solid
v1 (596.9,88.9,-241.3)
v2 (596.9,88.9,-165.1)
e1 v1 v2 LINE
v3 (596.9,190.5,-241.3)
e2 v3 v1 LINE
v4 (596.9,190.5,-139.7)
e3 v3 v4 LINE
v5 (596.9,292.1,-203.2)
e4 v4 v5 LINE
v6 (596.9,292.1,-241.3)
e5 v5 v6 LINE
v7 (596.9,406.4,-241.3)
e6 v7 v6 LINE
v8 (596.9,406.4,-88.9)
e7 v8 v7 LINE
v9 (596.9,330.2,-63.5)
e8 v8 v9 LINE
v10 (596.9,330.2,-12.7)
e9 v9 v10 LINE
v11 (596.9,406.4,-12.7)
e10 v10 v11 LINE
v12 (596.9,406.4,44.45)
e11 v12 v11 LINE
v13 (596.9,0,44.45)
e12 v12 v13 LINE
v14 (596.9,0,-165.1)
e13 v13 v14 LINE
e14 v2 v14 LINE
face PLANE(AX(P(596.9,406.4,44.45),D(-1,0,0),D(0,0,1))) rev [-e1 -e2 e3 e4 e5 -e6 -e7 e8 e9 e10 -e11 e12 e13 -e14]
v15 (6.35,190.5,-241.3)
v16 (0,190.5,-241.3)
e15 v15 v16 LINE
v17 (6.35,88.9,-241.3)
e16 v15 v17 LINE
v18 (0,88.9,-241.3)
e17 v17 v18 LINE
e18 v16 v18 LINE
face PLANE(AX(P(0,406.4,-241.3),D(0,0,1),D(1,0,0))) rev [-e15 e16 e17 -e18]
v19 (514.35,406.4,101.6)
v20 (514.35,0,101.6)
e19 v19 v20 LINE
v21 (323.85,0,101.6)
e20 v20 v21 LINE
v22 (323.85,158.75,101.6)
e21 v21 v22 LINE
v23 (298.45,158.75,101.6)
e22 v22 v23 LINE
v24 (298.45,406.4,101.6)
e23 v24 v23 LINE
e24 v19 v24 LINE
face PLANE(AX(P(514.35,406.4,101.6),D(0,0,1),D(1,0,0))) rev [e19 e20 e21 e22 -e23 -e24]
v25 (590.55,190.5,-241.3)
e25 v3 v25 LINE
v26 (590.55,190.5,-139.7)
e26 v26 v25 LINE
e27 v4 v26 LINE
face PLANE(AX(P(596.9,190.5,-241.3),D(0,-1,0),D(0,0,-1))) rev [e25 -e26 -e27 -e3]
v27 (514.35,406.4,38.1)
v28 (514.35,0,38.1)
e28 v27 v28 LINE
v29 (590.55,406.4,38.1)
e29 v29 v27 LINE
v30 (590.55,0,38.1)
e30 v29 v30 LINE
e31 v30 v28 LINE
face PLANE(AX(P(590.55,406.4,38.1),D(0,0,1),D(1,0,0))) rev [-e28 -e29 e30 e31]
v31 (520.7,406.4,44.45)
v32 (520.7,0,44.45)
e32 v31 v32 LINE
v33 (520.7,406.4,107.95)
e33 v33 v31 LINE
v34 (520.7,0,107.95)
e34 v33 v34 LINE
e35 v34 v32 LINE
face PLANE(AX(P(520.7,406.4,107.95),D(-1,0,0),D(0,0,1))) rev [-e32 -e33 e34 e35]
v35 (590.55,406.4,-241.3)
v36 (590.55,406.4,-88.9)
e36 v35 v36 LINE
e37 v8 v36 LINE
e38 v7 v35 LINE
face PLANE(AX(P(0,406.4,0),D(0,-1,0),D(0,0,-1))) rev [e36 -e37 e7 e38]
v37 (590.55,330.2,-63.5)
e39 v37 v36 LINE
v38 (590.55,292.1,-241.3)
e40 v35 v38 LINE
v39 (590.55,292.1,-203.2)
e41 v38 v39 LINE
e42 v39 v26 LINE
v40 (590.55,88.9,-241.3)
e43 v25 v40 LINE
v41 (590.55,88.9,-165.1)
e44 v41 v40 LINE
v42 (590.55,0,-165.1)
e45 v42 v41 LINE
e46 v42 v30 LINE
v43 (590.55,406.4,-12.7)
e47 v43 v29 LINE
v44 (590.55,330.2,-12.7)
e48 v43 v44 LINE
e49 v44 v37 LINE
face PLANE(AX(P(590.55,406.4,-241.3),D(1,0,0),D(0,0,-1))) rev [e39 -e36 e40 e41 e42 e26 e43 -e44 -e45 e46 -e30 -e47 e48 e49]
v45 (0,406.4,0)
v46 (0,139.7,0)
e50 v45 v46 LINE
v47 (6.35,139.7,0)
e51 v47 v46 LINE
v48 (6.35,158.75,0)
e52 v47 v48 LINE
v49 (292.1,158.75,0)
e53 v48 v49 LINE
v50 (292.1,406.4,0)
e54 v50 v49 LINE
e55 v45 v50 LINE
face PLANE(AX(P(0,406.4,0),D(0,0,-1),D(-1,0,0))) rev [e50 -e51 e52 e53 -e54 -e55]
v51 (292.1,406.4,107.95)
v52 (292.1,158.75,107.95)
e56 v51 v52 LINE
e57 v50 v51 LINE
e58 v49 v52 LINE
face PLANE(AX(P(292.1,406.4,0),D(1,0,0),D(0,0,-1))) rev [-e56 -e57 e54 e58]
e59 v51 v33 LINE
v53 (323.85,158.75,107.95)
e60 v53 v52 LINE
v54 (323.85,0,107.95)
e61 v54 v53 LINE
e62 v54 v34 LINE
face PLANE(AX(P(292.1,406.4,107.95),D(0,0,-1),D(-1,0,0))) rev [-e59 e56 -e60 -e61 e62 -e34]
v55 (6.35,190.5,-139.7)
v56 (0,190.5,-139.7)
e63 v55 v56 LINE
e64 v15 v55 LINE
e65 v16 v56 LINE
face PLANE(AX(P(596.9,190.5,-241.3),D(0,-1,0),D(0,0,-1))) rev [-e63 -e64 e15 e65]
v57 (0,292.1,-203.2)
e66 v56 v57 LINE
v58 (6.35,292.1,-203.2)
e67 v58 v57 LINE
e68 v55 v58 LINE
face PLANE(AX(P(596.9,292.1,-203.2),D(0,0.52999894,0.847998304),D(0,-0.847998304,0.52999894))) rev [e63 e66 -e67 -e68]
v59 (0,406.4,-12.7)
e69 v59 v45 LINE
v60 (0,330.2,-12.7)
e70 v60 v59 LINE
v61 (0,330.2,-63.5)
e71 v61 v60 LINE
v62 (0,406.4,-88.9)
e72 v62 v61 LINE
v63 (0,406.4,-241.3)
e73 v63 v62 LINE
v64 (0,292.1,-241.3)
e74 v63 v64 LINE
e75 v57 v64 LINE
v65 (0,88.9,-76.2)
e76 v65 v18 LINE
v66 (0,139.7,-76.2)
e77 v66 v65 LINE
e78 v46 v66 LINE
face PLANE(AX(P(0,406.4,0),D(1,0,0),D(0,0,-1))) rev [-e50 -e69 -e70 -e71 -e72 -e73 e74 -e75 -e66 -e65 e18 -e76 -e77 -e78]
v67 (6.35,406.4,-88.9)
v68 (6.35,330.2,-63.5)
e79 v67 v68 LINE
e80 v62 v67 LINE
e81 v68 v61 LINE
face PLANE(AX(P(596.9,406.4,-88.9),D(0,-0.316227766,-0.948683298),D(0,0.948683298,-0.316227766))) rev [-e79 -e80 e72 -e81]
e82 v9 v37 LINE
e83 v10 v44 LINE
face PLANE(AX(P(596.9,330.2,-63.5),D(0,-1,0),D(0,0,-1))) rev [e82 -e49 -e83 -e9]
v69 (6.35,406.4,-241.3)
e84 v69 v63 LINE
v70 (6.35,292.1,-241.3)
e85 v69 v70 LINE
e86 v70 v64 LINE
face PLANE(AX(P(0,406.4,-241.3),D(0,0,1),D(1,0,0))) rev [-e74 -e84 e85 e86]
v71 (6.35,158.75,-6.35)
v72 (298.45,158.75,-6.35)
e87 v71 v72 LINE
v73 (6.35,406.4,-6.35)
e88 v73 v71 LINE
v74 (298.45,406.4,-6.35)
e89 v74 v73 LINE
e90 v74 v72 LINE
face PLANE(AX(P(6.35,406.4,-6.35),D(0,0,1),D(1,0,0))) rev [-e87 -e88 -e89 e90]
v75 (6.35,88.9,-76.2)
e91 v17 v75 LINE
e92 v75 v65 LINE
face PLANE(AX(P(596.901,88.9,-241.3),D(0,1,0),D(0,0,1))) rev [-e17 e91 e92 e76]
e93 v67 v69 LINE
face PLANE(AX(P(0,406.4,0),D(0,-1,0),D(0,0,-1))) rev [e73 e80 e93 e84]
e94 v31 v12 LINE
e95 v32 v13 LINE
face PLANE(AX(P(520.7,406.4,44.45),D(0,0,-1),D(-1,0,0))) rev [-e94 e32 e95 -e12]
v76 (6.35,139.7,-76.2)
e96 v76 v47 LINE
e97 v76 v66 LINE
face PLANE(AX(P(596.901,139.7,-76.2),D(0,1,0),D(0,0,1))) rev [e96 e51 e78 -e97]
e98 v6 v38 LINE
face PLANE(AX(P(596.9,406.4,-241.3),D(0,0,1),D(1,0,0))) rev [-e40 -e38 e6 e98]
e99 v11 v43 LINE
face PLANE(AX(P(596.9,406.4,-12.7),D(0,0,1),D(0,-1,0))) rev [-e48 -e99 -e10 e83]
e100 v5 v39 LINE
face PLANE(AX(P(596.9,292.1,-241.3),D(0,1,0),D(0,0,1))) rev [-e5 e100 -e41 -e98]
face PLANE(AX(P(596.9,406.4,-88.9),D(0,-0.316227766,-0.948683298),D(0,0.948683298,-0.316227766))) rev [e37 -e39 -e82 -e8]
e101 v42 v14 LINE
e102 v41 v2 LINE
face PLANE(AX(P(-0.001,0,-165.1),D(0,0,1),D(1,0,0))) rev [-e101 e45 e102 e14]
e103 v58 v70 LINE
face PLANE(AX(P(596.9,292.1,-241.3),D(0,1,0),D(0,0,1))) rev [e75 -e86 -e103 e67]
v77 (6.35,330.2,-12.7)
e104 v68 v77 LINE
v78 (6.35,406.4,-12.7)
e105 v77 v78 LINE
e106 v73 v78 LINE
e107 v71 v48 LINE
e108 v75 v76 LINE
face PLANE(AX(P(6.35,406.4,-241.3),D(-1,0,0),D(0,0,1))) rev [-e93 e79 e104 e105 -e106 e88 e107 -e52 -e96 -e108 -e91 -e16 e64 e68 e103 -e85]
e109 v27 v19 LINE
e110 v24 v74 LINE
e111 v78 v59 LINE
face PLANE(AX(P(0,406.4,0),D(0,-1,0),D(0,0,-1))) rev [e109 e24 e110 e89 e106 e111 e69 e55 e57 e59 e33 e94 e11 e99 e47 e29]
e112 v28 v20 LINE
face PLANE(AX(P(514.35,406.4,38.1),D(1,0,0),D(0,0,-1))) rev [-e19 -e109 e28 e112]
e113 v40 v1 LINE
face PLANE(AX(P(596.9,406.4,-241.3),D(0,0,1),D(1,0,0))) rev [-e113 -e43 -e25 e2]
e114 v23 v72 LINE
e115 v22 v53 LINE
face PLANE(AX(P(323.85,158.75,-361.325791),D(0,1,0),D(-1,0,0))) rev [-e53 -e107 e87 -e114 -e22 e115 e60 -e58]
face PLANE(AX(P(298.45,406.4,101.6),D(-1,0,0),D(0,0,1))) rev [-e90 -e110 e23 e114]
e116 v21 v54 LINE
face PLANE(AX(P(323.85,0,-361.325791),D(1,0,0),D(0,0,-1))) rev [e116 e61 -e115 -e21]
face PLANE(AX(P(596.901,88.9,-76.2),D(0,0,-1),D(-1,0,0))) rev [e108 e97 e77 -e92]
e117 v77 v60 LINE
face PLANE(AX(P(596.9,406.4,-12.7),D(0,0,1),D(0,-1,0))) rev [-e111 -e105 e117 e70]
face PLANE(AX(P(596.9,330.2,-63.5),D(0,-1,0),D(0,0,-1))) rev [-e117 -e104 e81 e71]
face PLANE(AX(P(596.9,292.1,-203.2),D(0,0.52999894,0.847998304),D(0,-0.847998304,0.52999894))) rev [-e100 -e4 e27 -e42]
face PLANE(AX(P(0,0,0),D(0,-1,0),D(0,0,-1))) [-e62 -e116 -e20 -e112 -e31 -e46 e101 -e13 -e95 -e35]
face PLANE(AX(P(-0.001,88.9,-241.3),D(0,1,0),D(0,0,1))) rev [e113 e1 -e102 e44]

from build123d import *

# Parameters (mm, degrees)
BOSS_EXTRUDE1_DEPTH = 406.4
SKETCH2_W           = 317.5
SKETCH2_H           = 158.75
CUT_EXTRUDE1_DEPTH  = 114.3
CUT_EXTRUDE2_REACH  = 598.9
CUT_EXTRUDE3_REACH  = 598.9
SKETCH4_W           = 76.2
SKETCH4_H           = 88.9
CUT_EXTRUDE5_DEPTH  = 597.9


with BuildPart() as part:
    # Sketch1 → Boss-Extrude1 (new body)
    with BuildSketch(Plane(origin=(0, 0, 0), x_dir=(1, 0, 0), z_dir=(0, 1, 0))):
        Polygon((0, 0), (0, 241.3), (6.35, 241.3), (6.35, 6.35), (298.45, 6.35), (298.45, -101.6), (514.35, -101.6), (514.35, -38.1), (590.55, -38.1), (590.55, 241.3), (596.9, 241.3), (596.9, -44.45), (520.7, -44.45), (520.7, -107.95), (292.1, -107.95), (292.1, 0), align=None)
    extrude(amount=BOSS_EXTRUDE1_DEPTH)

    # Sketch2 → Cut-Extrude1 (cut)
    with BuildSketch(Plane.XY.offset(107.95)):
        with Locations((165.1, 79.375)):
            Rectangle(SKETCH2_W, SKETCH2_H)
    extrude(amount=-CUT_EXTRUDE1_DEPTH, mode=Mode.SUBTRACT)

    # Sketch3 → Cut-Extrude2 (cut, up to next)
    with BuildSketch(Plane.ZY, mode=Mode.PRIVATE) as cut_extrude2_sk1:
        Polygon((-76.2, 88.9), (-76.2, 139.7), (0, 139.7), (0, 0), (-241.3, 0), (-241.3, 88.9), align=None)
    cut_extrude2_tool1 = extrude(cut_extrude2_sk1.sketch, amount=-CUT_EXTRUDE2_REACH, mode=Mode.PRIVATE) & part.part
    add(cut_extrude2_tool1.solids().sort_by_distance((0, 55.127707, -108.030892))[0], mode=Mode.SUBTRACT)

    # Sketch4 → Cut-Extrude3 (cut, up to next)
    with BuildSketch(Plane(origin=(596.9, 0, 0), x_dir=(0, 0, -1), z_dir=(1, 0, 0)), mode=Mode.PRIVATE) as cut_extrude3_sk1:
        with Locations((203.2, 44.45)):
            Rectangle(SKETCH4_W, SKETCH4_H)
    cut_extrude3_tool1 = extrude(cut_extrude3_sk1.sketch, amount=-CUT_EXTRUDE3_REACH, mode=Mode.PRIVATE) & part.part
    add(cut_extrude3_tool1.solids().sort_by_distance((596.9, 44.45, -203.2))[0], mode=Mode.SUBTRACT)

    # Sketch6 → Cut-Extrude5 (cut, through all)
    with BuildSketch(Plane.ZY):
        Polygon((-241.3, 292.1), (-203.2, 292.1), (-139.7, 190.5), (-241.3, 190.5), align=None)
        Polygon((-88.9, 406.4), (-12.7, 406.4), (-12.7, 330.2), (-63.5, 330.2), align=None)
    extrude(amount=-CUT_EXTRUDE5_DEPTH, mode=Mode.SUBTRACT)


solid = part.part
